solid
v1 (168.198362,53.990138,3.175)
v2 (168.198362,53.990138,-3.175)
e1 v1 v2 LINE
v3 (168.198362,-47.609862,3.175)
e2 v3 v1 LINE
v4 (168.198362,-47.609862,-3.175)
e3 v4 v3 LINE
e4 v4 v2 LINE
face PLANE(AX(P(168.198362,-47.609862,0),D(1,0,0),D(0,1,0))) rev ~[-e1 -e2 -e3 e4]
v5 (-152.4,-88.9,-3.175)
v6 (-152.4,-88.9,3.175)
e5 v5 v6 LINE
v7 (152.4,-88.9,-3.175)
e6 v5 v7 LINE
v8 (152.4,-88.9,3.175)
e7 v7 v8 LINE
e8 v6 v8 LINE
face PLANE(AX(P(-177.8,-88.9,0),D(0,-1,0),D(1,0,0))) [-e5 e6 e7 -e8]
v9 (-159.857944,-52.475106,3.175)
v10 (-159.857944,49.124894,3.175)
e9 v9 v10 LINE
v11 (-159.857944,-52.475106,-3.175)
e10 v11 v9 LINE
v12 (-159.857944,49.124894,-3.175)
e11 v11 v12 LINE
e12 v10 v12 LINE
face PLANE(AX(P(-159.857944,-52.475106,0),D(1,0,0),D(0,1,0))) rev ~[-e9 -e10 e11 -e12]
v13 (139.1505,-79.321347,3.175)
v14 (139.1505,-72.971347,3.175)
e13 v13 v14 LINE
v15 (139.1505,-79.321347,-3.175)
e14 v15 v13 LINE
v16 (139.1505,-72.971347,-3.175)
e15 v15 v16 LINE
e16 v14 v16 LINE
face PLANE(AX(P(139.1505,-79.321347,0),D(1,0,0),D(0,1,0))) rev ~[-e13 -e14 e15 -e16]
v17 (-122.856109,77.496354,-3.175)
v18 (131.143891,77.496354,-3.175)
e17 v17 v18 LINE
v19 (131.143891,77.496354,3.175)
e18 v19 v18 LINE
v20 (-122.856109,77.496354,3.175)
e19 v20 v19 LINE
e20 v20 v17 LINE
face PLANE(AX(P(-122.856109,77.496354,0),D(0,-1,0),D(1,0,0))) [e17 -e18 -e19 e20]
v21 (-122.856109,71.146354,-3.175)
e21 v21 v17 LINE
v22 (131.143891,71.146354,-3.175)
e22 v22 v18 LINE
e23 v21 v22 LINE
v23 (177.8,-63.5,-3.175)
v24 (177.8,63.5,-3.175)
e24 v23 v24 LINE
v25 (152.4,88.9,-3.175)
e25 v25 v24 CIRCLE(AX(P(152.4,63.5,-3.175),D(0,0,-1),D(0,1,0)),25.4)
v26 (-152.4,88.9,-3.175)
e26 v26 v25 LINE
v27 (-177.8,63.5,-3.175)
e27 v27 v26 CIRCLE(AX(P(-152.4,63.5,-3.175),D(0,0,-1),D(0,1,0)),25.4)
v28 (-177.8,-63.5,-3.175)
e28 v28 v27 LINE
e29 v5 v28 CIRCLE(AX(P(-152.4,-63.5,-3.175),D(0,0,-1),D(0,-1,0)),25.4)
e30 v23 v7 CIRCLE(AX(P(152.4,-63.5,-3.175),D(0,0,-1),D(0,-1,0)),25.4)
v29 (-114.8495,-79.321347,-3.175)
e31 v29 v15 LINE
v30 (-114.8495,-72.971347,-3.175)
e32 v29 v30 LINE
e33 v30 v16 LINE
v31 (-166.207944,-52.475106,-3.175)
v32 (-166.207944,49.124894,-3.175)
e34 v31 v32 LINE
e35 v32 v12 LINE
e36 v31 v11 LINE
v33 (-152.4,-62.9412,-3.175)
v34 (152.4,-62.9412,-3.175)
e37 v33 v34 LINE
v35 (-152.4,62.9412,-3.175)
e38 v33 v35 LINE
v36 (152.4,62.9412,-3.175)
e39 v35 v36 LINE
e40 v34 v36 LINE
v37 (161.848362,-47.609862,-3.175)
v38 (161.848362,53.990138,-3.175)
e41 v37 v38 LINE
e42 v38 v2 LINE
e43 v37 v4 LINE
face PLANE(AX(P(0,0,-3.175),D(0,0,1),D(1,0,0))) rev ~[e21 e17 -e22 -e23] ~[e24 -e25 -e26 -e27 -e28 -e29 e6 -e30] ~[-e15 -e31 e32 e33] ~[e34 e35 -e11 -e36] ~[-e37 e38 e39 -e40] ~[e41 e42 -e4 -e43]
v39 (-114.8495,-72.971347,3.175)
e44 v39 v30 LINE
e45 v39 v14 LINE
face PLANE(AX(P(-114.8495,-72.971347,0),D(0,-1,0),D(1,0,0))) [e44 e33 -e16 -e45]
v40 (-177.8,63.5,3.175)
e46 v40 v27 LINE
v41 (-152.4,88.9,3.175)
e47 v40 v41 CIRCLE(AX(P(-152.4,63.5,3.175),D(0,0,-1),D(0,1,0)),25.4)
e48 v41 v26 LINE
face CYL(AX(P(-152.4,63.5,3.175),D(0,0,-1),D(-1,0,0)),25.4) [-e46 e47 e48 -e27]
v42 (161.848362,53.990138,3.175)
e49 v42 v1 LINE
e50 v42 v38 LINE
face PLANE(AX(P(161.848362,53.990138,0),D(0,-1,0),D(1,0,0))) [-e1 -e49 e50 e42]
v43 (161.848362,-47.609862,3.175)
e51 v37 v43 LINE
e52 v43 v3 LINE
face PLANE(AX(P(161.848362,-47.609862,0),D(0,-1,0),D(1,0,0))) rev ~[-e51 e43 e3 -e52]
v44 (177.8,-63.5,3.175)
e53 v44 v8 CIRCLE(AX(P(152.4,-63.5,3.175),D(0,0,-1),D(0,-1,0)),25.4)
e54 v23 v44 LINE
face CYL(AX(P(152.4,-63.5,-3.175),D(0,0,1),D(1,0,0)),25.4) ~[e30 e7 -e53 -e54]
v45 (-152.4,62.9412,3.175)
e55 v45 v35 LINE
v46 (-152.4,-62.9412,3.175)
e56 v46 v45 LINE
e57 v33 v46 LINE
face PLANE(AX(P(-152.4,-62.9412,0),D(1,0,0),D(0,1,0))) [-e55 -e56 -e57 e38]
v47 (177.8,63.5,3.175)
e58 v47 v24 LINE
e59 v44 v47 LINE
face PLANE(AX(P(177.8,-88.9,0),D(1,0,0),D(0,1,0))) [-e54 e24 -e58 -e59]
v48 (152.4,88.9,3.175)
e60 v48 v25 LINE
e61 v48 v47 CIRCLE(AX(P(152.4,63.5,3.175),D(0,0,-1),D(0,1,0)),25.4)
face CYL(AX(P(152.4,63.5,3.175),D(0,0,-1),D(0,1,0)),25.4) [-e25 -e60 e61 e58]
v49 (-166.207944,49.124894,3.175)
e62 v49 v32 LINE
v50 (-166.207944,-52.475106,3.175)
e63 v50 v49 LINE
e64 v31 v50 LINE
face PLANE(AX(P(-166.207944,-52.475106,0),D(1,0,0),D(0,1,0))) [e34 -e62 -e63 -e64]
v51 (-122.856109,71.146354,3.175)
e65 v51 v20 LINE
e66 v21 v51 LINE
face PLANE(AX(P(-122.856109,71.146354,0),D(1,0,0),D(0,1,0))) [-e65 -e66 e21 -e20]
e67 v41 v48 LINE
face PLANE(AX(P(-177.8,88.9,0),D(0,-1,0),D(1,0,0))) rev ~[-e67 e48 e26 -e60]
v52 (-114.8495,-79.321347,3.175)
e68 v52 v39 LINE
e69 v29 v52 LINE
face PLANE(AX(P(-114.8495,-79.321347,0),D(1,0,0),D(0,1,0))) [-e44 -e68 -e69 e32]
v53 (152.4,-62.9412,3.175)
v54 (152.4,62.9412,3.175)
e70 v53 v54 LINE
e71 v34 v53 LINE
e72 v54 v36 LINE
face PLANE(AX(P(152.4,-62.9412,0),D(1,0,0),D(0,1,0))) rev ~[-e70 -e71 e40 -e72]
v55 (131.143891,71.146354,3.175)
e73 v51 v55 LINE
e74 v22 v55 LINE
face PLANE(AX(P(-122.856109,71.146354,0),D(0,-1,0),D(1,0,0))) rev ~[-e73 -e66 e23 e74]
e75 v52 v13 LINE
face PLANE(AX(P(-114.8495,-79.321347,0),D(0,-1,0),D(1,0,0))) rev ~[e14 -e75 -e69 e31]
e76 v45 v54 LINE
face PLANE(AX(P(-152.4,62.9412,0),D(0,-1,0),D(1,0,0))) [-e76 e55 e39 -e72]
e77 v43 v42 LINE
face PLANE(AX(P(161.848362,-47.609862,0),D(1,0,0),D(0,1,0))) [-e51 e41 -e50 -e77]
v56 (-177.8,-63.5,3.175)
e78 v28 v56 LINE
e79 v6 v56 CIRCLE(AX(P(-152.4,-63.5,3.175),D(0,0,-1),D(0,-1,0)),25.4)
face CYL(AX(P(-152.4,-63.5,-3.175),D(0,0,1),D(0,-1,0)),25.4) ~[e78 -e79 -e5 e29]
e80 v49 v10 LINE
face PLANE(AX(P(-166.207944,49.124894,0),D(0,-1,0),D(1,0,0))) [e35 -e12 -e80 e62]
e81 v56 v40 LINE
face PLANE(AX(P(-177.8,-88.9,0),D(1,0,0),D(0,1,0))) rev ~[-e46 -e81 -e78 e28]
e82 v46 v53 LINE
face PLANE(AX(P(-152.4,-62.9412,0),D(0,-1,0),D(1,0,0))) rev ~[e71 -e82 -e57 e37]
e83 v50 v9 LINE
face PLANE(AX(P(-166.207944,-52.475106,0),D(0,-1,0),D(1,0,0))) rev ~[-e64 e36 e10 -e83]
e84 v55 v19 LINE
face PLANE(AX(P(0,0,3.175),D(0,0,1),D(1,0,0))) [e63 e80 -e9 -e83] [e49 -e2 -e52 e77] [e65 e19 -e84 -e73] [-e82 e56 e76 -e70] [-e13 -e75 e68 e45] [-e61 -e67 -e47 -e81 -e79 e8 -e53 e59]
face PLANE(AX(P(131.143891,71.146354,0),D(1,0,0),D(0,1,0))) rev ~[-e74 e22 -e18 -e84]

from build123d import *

# Parameters (mm, degrees)
F0_W      = 304.8
F0_H      = 125.8824
F1_DEPTH  = 3.175
F2_W      = 355.6
F2_H      = 177.8
F3_DEPTH  = 3.175
F4_DEPTH  = 12.7
F5_R      = 25.4
F6_R      = 25.4
F7_R      = 25.4
F8_R      = 25.4
F9_W      = 254
F9_H      = 6.35
F10_DEPTH = 12.7
F11_W     = 254
F11_H     = 6.35
F12_DEPTH = 12.7
F13_W     = 6.35
F13_H     = 101.6
F14_DEPTH = 12.7
F15_W     = 6.35
F15_H     = 101.6
F16_DEPTH = 12.7


with BuildPart() as f1:
    # F0 (on Top) → F1 (new body, symmetric)
    with BuildSketch(Plane.XY):
        Rectangle(F0_W, F0_H)
    extrude(amount=F1_DEPTH, both=True)

    # F2 (on Top) → F3 (join, symmetric)
    with BuildSketch(Plane.XY):
        Rectangle(F2_W, F2_H)
    extrude(amount=F3_DEPTH, both=True)

    # F0 (on Top) → F4 (cut, symmetric)
    with BuildSketch(Plane.XY):
        Rectangle(F0_W, F0_H)
    extrude(amount=F4_DEPTH, both=True, mode=Mode.SUBTRACT)

    # F5
    f5_edges = [f1.edges().sort_by_distance(p)[0] for p in [
        (-177.8, 88.9, 0),
    ]]
    fillet(f5_edges, radius=F5_R)

    # F6
    f6_edges = [f1.edges().sort_by_distance(p)[0] for p in [
        (177.8, 88.9, 0),
    ]]
    fillet(f6_edges, radius=F6_R)

    # F7
    f7_edges = [f1.edges().sort_by_distance(p)[0] for p in [
        (177.8, -88.9, 0),
    ]]
    fillet(f7_edges, radius=F7_R)

    # F8
    f8_edges = [f1.edges().sort_by_distance(p)[0] for p in [
        (-177.8, -88.9, 0),
    ]]
    fillet(f8_edges, radius=F8_R)

    # F9 (on face) → F10 (cut, symmetric)
    with BuildSketch(Plane.XY):
        with Locations((4.1438912572, 74.3213535368)):
            Rectangle(F9_W, F9_H)
    extrude(amount=F10_DEPTH, both=True, mode=Mode.SUBTRACT)

    # F11 (on face) → F12 (cut, symmetric)
    with BuildSketch(Plane.XY):
        with Locations((12.1505002975, -76.146347177)):
            Rectangle(F11_W, F11_H)
    extrude(amount=F12_DEPTH, both=True, mode=Mode.SUBTRACT)

    # F13 (on face) → F14 (cut, symmetric)
    with BuildSketch(Plane.XY):
        with Locations((-163.0329436541, -1.6751059711)):
            Rectangle(F13_W, F13_H)
    extrude(amount=F14_DEPTH, both=True, mode=Mode.SUBTRACT)

    # F15 (on face) → F16 (cut, symmetric)
    with BuildSketch(Plane.XY):
        with Locations((165.0233619928, 3.1901380599)):
            Rectangle(F15_W, F15_H)
    extrude(amount=F16_DEPTH, both=True, mode=Mode.SUBTRACT)


solid = f1.part
